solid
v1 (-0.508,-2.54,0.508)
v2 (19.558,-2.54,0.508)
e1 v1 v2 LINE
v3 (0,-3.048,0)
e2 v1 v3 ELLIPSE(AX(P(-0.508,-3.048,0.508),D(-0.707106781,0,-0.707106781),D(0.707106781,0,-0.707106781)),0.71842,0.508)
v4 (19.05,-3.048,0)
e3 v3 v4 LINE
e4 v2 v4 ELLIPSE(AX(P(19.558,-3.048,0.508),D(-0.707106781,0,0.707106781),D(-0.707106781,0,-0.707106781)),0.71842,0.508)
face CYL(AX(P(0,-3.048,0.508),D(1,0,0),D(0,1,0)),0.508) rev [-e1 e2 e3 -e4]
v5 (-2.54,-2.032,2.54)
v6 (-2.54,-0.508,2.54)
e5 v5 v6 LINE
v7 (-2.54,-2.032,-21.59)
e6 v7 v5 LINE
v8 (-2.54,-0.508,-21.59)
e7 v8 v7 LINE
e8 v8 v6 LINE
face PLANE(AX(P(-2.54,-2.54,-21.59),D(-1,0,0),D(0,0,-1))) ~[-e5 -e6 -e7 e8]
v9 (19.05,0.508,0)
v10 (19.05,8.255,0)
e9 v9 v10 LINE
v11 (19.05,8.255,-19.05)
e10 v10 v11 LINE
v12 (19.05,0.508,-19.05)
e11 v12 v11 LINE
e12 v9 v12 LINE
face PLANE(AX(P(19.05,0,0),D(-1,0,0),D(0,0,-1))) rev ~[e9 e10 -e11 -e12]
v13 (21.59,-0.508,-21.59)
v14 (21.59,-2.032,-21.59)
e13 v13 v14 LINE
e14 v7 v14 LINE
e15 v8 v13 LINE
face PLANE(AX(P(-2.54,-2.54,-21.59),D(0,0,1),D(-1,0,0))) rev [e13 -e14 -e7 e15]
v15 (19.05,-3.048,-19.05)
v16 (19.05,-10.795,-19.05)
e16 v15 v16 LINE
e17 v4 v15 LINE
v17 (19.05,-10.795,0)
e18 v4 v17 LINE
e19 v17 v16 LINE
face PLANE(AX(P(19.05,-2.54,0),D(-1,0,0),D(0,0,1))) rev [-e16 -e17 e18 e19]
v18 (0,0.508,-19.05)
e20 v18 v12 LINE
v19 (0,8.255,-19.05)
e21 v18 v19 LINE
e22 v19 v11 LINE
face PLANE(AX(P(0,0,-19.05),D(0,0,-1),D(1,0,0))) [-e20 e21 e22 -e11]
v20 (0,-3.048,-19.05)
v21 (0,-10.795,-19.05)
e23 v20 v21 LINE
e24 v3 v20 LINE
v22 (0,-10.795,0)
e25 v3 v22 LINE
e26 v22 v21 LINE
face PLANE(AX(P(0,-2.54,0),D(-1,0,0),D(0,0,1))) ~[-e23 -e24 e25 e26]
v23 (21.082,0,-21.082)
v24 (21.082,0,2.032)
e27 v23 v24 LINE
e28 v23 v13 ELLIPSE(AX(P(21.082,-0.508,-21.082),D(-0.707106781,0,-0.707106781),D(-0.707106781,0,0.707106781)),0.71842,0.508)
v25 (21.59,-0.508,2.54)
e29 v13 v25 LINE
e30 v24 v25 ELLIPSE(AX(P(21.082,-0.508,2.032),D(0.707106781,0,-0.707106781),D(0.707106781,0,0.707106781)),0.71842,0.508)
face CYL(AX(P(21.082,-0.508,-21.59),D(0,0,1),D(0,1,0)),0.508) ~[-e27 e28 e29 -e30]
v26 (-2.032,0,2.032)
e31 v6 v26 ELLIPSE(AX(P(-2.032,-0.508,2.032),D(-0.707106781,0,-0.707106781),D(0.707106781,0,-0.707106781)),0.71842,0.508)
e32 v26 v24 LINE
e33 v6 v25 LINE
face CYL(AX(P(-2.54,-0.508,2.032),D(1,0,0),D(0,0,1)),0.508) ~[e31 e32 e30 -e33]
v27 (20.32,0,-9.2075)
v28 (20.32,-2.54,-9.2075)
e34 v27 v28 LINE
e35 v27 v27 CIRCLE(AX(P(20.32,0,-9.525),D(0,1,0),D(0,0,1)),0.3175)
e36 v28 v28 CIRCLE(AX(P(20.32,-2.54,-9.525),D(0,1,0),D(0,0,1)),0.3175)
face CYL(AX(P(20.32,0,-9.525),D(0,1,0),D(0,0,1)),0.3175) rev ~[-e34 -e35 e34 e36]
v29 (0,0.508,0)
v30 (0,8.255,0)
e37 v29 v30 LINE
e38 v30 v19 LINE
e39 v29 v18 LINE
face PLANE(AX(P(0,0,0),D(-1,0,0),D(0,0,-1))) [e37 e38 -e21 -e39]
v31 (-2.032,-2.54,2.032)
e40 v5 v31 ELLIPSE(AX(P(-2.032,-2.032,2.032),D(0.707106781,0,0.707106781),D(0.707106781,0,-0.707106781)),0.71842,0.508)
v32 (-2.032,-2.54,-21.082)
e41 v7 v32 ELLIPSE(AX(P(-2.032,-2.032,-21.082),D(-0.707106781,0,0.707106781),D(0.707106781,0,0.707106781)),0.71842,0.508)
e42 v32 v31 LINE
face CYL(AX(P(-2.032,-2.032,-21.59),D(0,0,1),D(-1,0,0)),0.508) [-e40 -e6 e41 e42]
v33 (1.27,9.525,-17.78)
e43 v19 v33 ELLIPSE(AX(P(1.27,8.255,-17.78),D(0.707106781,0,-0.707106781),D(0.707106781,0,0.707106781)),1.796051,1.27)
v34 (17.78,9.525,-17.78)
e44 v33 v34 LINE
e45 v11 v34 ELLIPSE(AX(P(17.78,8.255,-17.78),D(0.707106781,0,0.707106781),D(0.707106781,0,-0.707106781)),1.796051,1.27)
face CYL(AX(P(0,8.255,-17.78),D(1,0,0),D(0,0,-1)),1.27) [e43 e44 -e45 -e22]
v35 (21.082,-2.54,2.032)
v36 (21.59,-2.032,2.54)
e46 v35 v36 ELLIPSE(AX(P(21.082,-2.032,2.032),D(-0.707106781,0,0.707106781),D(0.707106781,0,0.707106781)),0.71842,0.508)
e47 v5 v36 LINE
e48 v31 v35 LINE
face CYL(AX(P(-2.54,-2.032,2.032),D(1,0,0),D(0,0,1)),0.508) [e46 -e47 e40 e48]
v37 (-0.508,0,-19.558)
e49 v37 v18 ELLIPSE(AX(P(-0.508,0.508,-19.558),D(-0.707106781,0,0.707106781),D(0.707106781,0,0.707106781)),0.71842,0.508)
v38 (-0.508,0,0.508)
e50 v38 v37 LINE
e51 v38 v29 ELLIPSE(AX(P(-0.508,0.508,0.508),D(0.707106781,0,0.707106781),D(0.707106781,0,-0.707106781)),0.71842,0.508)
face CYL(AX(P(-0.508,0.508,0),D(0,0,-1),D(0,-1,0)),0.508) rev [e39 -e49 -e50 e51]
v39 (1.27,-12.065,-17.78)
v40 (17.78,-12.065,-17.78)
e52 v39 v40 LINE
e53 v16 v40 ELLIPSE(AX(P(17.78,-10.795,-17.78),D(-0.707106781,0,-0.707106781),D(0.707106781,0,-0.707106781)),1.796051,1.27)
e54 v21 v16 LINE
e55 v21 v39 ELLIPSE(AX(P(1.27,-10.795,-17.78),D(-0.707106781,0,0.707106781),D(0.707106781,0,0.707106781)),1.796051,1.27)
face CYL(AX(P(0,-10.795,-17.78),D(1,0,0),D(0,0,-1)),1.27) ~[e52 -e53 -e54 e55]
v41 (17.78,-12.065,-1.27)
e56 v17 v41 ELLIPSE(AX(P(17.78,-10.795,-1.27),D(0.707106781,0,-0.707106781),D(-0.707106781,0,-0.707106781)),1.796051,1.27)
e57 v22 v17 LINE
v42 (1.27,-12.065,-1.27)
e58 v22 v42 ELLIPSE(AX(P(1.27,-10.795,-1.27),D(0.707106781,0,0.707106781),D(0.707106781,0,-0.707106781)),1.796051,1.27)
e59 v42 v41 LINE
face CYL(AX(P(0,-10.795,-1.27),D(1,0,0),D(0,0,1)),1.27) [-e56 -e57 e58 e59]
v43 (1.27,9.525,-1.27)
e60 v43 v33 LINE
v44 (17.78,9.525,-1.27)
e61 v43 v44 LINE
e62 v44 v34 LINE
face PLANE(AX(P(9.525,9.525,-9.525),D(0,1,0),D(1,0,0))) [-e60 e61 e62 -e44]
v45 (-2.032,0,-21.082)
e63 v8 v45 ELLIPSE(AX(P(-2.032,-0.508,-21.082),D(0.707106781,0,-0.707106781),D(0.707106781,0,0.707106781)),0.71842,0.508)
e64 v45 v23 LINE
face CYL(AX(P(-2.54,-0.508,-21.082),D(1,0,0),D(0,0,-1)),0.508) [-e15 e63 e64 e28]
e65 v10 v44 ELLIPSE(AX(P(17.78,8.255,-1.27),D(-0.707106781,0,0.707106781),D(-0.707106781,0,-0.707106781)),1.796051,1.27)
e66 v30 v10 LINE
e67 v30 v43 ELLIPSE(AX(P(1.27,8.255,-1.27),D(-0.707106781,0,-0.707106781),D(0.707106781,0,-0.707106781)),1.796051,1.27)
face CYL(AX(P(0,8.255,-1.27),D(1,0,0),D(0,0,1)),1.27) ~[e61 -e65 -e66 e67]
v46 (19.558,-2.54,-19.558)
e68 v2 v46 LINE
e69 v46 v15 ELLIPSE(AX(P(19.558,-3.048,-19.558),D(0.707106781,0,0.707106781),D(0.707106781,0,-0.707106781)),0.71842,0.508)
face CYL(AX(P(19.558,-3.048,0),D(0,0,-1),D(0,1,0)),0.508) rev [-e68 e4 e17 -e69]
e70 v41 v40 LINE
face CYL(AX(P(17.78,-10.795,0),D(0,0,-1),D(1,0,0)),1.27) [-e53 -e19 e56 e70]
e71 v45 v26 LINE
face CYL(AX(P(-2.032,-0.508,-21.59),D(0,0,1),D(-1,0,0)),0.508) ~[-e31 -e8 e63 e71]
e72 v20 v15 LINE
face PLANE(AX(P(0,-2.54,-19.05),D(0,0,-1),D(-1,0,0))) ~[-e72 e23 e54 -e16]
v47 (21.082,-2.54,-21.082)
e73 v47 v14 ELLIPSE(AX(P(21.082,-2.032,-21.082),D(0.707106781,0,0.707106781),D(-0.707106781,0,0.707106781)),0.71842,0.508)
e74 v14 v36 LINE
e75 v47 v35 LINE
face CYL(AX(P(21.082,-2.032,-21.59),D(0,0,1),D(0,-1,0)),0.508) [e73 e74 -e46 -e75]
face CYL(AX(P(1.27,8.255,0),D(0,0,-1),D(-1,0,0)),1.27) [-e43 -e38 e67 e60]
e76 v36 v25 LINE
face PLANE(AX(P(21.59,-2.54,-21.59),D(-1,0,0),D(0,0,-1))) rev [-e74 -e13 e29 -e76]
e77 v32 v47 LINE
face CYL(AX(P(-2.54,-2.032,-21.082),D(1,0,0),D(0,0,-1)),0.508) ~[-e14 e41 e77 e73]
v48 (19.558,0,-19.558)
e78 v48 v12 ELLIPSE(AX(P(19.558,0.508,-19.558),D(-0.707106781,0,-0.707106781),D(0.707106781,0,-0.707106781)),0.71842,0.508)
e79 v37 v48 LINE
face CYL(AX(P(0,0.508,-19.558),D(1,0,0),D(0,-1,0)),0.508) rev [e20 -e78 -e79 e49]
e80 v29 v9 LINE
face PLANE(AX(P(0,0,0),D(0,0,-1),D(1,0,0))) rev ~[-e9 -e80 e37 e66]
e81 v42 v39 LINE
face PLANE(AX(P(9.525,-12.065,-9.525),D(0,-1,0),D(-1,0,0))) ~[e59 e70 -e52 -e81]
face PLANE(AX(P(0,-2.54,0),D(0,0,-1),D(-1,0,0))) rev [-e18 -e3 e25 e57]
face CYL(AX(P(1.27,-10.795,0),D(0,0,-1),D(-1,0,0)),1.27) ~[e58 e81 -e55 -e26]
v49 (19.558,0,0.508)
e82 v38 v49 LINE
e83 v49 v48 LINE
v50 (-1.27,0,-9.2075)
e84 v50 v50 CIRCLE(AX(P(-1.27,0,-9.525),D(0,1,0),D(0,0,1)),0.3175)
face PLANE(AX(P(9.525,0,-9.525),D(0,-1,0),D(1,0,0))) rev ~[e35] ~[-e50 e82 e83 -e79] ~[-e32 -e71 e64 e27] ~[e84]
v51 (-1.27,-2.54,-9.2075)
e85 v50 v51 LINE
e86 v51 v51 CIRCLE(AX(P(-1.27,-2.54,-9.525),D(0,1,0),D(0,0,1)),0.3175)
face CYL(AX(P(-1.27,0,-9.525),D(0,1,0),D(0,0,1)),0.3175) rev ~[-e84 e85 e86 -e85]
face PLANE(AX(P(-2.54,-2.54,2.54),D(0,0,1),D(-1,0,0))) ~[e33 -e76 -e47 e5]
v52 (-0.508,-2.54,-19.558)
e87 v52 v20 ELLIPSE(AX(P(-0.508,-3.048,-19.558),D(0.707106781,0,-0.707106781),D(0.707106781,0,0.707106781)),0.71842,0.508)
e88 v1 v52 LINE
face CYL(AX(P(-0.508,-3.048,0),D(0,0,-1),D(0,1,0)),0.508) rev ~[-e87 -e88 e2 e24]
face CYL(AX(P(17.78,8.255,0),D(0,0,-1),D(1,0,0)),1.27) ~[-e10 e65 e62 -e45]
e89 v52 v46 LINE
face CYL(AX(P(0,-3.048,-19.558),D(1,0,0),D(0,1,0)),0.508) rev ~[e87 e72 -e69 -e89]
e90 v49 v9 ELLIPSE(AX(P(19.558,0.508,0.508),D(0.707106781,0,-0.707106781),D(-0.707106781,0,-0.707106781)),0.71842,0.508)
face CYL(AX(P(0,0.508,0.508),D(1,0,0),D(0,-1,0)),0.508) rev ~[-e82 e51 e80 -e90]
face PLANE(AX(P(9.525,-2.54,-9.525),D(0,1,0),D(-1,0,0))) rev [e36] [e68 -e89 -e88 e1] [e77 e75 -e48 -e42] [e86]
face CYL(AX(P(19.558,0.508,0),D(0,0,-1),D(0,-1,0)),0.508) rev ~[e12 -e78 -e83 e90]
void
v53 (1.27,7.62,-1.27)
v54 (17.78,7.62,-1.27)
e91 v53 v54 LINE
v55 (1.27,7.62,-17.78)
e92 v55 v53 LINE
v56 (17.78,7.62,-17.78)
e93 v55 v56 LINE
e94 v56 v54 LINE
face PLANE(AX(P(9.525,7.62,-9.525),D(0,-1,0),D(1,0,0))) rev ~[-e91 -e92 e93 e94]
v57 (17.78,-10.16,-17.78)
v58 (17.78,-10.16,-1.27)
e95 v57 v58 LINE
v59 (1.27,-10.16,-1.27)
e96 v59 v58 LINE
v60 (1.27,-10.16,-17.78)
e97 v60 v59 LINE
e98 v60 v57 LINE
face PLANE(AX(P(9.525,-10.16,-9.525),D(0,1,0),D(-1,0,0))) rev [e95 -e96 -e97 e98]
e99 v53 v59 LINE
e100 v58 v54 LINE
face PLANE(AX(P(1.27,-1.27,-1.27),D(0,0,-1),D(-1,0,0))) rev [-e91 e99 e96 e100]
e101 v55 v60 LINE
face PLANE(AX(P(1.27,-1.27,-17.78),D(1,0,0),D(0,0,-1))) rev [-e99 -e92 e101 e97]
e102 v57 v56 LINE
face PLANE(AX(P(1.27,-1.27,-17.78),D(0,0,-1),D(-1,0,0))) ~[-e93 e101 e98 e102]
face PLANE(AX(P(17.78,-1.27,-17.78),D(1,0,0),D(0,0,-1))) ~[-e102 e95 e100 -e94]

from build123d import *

# Parameters (mm, degrees)
SKETCH1_W           = 19.05
SKETCH1_H           = 19.05
BOSS_EXTRUDE1_DEPTH = 9.525
FILLET1_R           = 1.27
SKETCH2_W           = 24.13
SKETCH2_H           = 24.13
BOSS_EXTRUDE2_DEPTH = 1.27
FILLET2_R           = 0.508
SKETCH3_W           = 16.51
SKETCH3_H           = 16.51
CUT_EXTRUDE2_DEPTH  = 8.89
SKETCH4_R           = 0.3175
CUT_EXTRUDE3_DEPTH  = 33.830175525


with BuildPart() as part:
    # Sketch1 → Boss-Extrude1 (new body)
    with BuildSketch(Plane(origin=(0, 0, 0), x_dir=(1, 0, 0), z_dir=(0, 1, 0))):
        with Locations((9.525, 9.525)):
            Rectangle(SKETCH1_W, SKETCH1_H)
    extrude(amount=BOSS_EXTRUDE1_DEPTH)

    # Fillet1
    fillet1_edges = [part.edges().sort_by_distance(p)[0] for p in [
        (19.05, 9.525, -9.525),
        (9.525, 9.525, -19.05),
        (0, 9.525, -9.525),
        (9.525, 9.525, 0),
    ]]
    fillet(fillet1_edges, radius=FILLET1_R)

    # Sketch2 → Boss-Extrude2 (add)
    with BuildSketch(Plane.XZ):
        with Locations((9.525, -9.525)):
            Rectangle(SKETCH2_W, SKETCH2_H)
    extrude(amount=BOSS_EXTRUDE2_DEPTH)

    # Fillet2
    fillet2_edges = [part.edges().sort_by_distance(p)[0] for p in [
        (21.59, 0, -9.525),
        (9.525, 0, 2.54),
        (-2.54, 0, -9.525),
        (9.525, 0, -21.59),
        (9.525, 0, -19.05),
        (19.05, 0, -9.525),
        (9.525, 0, 0),
        (0, 0, -9.525),
    ]]
    fillet(fillet2_edges, radius=FILLET2_R)

    # Sketch3 → Cut-Extrude2 (cut)
    with BuildSketch(Plane.XZ.offset(1.27)):
        with Locations((9.525, -9.525)):
            Rectangle(SKETCH3_W, SKETCH3_H)
    extrude(amount=-CUT_EXTRUDE2_DEPTH, mode=Mode.SUBTRACT)

    # Mirror3: part across plane


with BuildPart() as part_1:
    add(part.part)
    add(part.part.mirror(Plane(origin=(0, -1.27, 0), x_dir=(0, 0, 1), z_dir=(0, -1, 0))))

    # Sketch4 → Cut-Extrude3 (cut, through all)
    with BuildSketch(Plane(origin=(0, 0, 0), x_dir=(1, 0, 0), z_dir=(0, 1, 0))):
        with Locations(Location((20.32, 9.525, 0), (0, 0, 270))):
            Circle(SKETCH4_R)
        with Locations(Location((-1.27, 9.525, 0), (0, 0, 270))):
            Circle(SKETCH4_R)
    extrude(amount=-CUT_EXTRUDE3_DEPTH, mode=Mode.SUBTRACT)


solid = part_1.part
